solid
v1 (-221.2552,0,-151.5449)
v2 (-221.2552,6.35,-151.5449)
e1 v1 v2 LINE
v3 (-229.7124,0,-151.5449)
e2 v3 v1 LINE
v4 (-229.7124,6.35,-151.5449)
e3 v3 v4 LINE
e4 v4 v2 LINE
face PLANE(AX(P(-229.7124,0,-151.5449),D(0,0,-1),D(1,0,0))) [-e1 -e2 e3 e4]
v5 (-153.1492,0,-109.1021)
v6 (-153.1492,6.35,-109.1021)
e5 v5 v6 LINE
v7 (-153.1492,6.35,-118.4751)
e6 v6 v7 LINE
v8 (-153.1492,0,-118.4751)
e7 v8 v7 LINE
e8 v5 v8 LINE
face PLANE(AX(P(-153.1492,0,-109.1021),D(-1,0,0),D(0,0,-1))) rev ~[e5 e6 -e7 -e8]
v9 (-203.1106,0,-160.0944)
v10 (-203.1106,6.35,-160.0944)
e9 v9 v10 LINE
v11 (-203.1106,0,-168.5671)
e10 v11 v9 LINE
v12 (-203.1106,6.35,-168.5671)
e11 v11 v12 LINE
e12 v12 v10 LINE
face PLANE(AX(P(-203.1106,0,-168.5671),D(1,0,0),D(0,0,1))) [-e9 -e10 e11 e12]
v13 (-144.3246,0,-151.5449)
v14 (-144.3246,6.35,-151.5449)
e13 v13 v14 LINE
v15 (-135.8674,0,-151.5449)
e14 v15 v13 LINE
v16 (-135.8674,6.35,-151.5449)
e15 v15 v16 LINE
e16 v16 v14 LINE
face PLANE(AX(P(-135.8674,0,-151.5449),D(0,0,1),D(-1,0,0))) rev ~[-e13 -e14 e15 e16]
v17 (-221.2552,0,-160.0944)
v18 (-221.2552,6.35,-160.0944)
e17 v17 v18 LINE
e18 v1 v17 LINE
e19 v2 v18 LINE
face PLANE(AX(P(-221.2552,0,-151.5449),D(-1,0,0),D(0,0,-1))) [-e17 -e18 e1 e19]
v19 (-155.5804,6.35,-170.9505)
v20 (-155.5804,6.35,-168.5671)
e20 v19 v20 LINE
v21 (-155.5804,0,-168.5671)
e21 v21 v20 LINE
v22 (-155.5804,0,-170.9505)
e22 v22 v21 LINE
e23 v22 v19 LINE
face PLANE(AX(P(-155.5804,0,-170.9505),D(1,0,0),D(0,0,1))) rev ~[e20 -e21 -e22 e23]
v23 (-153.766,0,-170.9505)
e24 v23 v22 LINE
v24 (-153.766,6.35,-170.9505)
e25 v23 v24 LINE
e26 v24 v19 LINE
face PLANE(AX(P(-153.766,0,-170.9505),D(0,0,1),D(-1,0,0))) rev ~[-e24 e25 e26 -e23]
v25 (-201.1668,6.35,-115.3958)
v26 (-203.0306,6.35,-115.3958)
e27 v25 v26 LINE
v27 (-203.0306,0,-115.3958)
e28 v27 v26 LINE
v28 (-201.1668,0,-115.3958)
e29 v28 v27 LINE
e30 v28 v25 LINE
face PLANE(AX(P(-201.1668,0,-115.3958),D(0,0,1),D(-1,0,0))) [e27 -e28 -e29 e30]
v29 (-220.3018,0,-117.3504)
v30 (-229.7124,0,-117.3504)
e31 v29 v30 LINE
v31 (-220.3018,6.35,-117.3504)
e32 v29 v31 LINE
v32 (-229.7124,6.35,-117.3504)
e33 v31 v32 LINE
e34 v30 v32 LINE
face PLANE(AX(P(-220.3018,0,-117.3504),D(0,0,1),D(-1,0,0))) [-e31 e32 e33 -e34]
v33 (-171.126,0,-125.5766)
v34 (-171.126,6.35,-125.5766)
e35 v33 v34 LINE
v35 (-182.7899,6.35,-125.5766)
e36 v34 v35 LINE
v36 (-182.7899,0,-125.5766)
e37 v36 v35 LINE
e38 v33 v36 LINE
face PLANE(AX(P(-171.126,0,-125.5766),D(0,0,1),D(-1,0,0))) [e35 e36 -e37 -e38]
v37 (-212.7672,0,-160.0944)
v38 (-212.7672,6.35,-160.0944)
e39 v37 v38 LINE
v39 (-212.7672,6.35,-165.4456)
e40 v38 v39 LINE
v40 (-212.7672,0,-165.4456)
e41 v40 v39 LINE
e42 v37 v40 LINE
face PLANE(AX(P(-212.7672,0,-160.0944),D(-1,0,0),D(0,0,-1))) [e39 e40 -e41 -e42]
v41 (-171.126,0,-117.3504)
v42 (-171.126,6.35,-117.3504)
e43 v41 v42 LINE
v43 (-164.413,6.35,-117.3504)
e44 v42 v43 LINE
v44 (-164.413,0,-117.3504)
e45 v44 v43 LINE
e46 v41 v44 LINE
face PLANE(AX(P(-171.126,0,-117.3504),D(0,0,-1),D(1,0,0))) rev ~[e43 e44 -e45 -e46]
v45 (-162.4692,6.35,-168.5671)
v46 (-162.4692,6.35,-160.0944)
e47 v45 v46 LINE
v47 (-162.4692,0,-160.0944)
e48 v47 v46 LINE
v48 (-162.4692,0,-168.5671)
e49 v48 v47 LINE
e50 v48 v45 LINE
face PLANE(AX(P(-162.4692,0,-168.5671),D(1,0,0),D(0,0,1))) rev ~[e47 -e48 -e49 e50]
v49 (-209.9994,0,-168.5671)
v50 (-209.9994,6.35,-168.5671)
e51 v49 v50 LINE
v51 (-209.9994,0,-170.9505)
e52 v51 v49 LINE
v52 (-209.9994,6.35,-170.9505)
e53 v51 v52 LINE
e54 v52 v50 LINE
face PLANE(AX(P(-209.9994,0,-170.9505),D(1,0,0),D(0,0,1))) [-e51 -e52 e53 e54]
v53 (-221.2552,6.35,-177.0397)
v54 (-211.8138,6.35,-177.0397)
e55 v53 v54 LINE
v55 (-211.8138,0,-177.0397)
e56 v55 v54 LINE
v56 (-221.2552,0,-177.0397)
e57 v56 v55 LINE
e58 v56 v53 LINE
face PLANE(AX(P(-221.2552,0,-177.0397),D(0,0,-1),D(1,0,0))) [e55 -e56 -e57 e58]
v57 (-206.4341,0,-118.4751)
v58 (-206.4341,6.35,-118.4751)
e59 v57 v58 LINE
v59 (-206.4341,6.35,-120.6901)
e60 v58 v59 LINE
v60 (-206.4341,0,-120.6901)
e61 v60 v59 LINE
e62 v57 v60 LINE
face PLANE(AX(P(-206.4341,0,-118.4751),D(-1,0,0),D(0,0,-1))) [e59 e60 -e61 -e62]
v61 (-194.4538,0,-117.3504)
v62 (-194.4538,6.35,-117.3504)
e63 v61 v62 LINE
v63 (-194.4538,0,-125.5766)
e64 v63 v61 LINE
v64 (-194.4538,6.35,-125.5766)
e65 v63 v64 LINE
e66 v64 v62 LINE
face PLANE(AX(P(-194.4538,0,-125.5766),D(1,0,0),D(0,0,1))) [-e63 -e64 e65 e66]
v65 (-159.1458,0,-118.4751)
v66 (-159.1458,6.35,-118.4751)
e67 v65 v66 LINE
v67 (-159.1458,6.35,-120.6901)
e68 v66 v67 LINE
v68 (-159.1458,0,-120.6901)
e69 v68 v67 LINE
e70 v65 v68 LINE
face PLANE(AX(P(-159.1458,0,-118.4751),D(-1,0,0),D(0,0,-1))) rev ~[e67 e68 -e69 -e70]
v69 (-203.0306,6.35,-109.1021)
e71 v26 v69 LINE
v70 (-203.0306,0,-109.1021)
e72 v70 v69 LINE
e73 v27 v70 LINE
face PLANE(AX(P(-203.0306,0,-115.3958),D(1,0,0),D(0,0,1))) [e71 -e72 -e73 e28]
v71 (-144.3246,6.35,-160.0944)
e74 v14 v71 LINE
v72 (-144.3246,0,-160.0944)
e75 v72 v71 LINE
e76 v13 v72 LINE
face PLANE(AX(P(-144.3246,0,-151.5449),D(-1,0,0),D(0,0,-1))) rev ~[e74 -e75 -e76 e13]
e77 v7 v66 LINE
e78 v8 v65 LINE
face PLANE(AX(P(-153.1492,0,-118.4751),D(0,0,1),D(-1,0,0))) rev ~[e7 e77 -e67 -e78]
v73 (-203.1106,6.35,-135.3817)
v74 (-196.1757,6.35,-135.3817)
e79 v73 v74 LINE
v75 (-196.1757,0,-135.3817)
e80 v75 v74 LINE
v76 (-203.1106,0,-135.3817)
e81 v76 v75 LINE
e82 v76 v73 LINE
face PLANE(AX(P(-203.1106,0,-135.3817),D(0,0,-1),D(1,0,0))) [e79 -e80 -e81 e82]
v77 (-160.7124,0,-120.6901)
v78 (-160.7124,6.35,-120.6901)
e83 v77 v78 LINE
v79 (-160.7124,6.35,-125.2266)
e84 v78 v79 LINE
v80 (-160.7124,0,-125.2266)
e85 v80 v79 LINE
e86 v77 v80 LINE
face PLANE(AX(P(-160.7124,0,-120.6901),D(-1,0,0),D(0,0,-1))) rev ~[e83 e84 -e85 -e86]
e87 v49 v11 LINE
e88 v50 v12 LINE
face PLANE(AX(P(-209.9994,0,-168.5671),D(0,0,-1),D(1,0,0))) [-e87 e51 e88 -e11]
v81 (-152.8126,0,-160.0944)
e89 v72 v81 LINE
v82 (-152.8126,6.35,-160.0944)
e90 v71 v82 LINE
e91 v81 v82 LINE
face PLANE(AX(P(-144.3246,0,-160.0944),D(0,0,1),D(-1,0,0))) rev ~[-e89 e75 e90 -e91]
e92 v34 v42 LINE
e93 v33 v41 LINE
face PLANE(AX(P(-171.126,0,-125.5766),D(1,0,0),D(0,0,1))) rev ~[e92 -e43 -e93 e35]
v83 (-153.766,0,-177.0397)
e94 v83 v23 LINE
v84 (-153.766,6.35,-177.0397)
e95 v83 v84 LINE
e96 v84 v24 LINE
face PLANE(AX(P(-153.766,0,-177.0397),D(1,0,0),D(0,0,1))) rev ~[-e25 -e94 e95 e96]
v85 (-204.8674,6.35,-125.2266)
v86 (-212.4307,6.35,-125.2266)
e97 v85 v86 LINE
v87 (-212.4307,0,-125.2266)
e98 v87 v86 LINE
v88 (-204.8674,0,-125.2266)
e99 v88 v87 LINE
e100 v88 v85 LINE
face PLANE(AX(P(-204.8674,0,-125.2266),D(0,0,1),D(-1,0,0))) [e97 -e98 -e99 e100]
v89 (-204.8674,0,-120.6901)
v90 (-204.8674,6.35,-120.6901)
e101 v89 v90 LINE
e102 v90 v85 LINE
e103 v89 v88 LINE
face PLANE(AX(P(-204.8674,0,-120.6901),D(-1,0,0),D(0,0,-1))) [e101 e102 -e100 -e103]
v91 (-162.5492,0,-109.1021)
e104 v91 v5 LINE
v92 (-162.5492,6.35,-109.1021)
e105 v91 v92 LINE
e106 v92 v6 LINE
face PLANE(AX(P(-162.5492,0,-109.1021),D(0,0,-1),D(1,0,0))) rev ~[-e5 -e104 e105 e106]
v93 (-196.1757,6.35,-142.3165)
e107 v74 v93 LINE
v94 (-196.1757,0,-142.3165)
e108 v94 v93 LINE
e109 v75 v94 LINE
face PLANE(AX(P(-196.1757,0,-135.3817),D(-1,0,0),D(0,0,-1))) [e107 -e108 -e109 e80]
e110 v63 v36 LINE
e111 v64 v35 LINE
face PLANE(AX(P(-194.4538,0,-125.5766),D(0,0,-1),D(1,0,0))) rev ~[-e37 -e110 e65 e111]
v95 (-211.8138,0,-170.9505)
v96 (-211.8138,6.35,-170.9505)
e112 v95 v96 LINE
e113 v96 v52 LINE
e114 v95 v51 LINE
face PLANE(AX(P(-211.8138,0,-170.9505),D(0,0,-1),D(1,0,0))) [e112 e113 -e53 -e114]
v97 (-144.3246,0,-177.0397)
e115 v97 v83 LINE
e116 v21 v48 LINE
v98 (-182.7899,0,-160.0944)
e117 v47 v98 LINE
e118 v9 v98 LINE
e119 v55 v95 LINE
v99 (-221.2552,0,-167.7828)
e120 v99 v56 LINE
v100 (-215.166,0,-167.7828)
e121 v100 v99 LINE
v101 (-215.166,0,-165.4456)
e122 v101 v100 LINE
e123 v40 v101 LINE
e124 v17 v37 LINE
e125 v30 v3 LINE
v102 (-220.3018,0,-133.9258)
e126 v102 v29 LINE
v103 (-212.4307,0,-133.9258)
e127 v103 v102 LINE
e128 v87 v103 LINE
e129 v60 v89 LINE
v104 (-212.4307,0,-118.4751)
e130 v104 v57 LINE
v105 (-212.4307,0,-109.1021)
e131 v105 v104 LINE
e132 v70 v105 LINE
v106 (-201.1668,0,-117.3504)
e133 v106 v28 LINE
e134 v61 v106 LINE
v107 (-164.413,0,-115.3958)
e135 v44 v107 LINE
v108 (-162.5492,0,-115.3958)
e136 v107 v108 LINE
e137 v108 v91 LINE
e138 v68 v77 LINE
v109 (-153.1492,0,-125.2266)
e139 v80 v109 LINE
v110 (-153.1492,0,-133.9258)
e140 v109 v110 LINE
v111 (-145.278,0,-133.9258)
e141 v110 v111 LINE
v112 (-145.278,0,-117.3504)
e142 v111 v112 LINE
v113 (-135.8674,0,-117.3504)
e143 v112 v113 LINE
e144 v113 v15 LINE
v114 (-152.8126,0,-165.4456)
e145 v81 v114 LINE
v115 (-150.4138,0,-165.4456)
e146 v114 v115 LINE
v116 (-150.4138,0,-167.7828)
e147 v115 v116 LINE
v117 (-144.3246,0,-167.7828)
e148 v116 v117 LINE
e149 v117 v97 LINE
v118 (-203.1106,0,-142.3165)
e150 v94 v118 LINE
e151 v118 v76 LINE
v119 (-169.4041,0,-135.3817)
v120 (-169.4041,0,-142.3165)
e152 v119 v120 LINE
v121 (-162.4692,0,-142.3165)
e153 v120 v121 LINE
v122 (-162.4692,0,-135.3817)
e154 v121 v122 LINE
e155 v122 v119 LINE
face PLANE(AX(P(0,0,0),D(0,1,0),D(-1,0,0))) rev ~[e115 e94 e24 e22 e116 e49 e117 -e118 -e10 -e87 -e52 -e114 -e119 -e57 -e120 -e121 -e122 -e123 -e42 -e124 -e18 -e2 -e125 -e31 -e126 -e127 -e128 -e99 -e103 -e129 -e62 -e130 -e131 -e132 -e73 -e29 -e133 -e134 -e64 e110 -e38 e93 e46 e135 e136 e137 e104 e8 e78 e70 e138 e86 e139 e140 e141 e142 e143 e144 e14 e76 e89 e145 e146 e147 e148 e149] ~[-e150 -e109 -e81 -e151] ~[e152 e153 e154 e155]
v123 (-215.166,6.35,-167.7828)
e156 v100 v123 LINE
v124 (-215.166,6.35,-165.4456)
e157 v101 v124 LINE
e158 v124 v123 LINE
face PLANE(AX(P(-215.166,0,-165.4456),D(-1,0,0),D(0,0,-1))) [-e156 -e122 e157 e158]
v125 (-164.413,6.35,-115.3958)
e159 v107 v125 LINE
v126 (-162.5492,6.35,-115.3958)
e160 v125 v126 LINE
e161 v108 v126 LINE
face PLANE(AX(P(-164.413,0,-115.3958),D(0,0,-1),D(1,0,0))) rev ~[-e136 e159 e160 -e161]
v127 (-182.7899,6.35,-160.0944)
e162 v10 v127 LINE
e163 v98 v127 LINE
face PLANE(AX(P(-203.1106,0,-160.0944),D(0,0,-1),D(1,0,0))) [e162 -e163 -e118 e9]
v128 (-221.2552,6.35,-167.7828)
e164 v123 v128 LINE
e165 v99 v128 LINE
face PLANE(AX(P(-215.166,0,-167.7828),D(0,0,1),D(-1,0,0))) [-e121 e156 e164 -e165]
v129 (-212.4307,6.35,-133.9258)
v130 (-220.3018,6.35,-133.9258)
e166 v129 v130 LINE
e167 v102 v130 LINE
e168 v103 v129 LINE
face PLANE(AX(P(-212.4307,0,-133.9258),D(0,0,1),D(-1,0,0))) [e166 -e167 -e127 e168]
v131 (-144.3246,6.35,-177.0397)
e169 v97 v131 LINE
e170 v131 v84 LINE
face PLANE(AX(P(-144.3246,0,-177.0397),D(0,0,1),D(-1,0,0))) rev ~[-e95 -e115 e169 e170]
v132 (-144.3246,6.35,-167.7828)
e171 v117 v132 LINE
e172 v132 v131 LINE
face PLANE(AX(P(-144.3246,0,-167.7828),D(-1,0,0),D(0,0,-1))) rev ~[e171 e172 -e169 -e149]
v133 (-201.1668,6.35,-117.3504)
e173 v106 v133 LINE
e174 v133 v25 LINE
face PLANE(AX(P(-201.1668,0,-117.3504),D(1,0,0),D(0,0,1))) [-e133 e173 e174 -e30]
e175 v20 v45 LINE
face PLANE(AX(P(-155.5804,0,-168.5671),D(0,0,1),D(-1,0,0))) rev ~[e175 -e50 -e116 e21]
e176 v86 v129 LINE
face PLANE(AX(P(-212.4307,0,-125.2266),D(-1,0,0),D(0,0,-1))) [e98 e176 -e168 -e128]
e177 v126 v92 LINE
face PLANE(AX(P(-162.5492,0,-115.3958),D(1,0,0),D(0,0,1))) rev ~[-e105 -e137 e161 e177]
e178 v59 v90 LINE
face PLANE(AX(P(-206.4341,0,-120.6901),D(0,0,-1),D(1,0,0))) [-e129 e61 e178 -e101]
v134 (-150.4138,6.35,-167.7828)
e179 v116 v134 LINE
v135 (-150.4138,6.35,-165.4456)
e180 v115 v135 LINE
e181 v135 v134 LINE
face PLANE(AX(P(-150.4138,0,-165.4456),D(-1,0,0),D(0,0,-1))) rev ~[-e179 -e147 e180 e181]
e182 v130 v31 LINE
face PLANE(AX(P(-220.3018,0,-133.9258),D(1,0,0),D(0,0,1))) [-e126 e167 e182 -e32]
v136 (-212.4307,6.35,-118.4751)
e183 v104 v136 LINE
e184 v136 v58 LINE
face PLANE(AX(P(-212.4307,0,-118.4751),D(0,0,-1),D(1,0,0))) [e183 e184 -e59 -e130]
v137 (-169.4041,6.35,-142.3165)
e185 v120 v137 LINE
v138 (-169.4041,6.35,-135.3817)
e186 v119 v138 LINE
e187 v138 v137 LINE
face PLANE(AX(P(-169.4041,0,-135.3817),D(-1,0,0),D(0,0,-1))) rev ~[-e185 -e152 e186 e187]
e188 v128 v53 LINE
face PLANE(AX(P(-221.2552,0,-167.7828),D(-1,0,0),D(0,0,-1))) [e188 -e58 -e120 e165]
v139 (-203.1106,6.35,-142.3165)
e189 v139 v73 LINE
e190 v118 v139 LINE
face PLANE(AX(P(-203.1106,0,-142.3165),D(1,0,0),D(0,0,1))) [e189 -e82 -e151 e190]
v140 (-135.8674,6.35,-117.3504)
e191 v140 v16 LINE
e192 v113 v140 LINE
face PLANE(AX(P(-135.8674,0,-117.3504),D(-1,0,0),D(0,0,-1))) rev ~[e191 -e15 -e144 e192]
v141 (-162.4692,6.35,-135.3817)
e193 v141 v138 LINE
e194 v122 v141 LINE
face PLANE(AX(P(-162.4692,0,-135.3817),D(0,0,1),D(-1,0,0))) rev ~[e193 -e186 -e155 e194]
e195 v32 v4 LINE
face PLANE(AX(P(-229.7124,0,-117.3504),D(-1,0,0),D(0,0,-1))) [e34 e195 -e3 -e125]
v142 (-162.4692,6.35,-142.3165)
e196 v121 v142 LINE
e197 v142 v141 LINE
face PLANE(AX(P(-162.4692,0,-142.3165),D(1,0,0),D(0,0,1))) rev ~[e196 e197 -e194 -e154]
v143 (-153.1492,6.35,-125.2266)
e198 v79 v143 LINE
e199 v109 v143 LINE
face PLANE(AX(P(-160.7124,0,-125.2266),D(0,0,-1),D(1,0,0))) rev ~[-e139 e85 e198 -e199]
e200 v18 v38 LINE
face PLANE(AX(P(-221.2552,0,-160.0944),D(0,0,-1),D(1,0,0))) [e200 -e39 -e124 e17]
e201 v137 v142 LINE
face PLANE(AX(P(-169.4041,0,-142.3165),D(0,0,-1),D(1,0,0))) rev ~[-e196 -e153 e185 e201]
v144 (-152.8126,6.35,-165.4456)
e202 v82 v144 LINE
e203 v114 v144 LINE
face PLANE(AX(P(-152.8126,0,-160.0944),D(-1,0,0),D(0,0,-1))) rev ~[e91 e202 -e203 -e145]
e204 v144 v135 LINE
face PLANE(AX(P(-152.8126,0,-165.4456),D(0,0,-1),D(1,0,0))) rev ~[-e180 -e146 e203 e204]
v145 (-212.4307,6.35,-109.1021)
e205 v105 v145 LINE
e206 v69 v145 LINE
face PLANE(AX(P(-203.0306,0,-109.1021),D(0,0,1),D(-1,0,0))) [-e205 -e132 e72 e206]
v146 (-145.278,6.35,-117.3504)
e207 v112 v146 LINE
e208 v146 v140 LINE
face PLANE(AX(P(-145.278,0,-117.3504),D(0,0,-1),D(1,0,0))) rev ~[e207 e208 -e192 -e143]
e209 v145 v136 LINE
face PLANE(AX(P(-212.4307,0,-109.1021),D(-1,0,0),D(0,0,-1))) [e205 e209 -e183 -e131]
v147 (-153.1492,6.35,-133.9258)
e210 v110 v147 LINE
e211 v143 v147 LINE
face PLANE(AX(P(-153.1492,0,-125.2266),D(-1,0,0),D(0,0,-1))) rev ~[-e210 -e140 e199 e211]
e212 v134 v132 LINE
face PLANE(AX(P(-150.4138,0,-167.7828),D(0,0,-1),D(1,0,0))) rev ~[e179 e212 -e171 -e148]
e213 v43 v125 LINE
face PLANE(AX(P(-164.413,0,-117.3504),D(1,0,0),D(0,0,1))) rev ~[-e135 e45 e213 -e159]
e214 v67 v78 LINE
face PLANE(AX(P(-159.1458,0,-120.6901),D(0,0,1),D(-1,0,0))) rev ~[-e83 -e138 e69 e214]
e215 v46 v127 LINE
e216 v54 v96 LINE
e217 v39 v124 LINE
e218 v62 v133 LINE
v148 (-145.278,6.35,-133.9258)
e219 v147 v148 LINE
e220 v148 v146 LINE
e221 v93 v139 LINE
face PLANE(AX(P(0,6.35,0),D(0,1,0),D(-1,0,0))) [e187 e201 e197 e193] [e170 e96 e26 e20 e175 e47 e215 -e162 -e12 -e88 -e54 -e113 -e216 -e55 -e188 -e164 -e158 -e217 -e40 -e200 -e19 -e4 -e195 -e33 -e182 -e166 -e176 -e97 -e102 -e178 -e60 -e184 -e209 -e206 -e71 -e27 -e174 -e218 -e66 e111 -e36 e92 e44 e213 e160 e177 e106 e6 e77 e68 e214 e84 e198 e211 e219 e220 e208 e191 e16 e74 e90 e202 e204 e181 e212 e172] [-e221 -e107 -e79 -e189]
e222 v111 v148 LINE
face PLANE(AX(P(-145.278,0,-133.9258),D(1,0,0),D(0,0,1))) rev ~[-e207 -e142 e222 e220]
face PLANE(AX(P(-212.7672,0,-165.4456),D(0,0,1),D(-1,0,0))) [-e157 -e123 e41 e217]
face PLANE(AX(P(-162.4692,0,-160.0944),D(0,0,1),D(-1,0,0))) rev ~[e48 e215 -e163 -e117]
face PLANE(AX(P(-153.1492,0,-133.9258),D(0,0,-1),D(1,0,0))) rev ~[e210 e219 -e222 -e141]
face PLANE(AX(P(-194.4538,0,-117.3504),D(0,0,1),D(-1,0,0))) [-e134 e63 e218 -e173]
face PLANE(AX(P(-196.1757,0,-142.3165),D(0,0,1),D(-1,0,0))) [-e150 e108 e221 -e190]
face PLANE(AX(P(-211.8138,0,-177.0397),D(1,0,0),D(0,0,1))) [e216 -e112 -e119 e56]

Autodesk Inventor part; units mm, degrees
ref_plane "YZ Plane" through (0, 0, 0) normal (1, 0, 0) x (0, 1, 0)
ref_plane "XZ Plane" through (0, 0, 0) normal (0, 1, 0) x (-1, 0, 0)
ref_plane "XY Plane" through (0, 0, 0) normal (0, 0, 1) x (1, 0, 0)
sketch "Sketch1" plane through (0, 0, 0) normal (0, 1, 0) x (-1, 0, 0)
  line L0 (0, 0) -> (441.3397, 0) construction
  line L1 (441.3397, 0) -> (441.3397, -197.552) construction
  line L2 (441.3397, -197.552) -> (0, -197.552) construction
  line L3 (0, -197.552) -> (0, 0) construction
  line L4 (171.126, -125.5766) -> (171.126, -117.3504)
  line L5 (171.126, -117.3504) -> (164.413, -117.3504)
  line L6 (164.413, -117.3504) -> (164.413, -115.3958)
  line L7 (164.413, -115.3958) -> (162.5492, -115.3958)
  line L8 (162.5492, -115.3958) -> (162.5492, -109.1021)
  line L9 (162.5492, -109.1021) -> (153.1492, -109.1021)
  line L10 (153.1492, -109.1021) -> (153.1492, -118.4751)
  line L11 (153.1492, -118.4751) -> (159.1458, -118.4751)
  line L12 (159.1458, -118.4751) -> (159.1458, -120.6901)
  line L13 (159.1458, -120.6901) -> (160.7124, -120.6901)
  line L14 (160.7124, -120.6901) -> (160.7124, -125.2266)
  line L15 (160.7124, -125.2266) -> (153.1492, -125.2266)
  line L16 (153.1492, -125.2266) -> (153.1492, -133.9258)
  line L17 (153.1492, -133.9258) -> (145.278, -133.9258)
  line L18 (145.278, -133.9258) -> (145.278, -117.3504)
  line L19 (145.278, -117.3504) -> (135.8674, -117.3504)
  line L20 (135.8674, -117.3504) -> (135.8674, -151.5449)
  line L21 (135.8674, -151.5449) -> (144.3246, -151.5449)
  line L22 (144.3246, -151.5449) -> (144.3246, -160.0944)
  line L23 (144.3246, -160.0944) -> (152.8126, -160.0944)
  line L24 (152.8126, -160.0944) -> (152.8126, -165.4456)
  line L25 (152.8126, -165.4456) -> (150.4138, -165.4456)
  line L26 (150.4138, -165.4456) -> (150.4138, -167.7828)
  line L27 (150.4138, -167.7828) -> (144.3246, -167.7828)
  line L28 (144.3246, -167.7828) -> (144.3246, -177.0397)
  line L29 (144.3246, -177.0397) -> (153.766, -177.0397)
  line L30 (153.766, -177.0397) -> (153.766, -170.9505)
  line L31 (153.766, -170.9505) -> (155.5804, -170.9505)
  line L32 (155.5804, -170.9505) -> (155.5804, -168.5671)
  line L33 (155.5804, -168.5671) -> (162.4692, -168.5671)
  line L34 (162.4692, -168.5671) -> (162.4692, -160.0944)
  line L35 (162.4692, -135.3817) -> (169.4041, -135.3817)
  line L36 (169.4041, -135.3817) -> (169.4041, -142.3165)
  line L37 (169.4041, -142.3165) -> (162.4692, -142.3165)
  line L38 (162.4692, -142.3165) -> (162.4692, -135.3817)
  line L39 (162.4692, -160.0944) -> (182.7899, -160.0944)
  line L40 (171.126, -125.5766) -> (182.7899, -125.5766)
  line L41 (194.4538, -125.5766) -> (194.4538, -117.3504)
  line L42 (194.4538, -117.3504) -> (201.1668, -117.3504)
  line L43 (201.1668, -117.3504) -> (201.1668, -115.3958)
  line L44 (201.1668, -115.3958) -> (203.0306, -115.3958)
  line L45 (203.0306, -115.3958) -> (203.0306, -109.1021)
  line L46 (203.0306, -109.1021) -> (212.4307, -109.1021)
  line L47 (212.4307, -109.1021) -> (212.4307, -118.4751)
  line L48 (212.4307, -118.4751) -> (206.4341, -118.4751)
  line L49 (206.4341, -118.4751) -> (206.4341, -120.6901)
  line L50 (206.4341, -120.6901) -> (204.8674, -120.6901)
  line L51 (204.8674, -120.6901) -> (204.8674, -125.2266)
  line L52 (204.8674, -125.2266) -> (212.4307, -125.2266)
  line L53 (212.4307, -125.2266) -> (212.4307, -133.9258)
  line L54 (212.4307, -133.9258) -> (220.3018, -133.9258)
  line L55 (220.3018, -133.9258) -> (220.3018, -117.3504)
  line L56 (220.3018, -117.3504) -> (229.7124, -117.3504)
  line L57 (229.7124, -117.3504) -> (229.7124, -151.5449)
  line L58 (229.7124, -151.5449) -> (221.2552, -151.5449)
  line L59 (221.2552, -151.5449) -> (221.2552, -160.0944)
  line L60 (221.2552, -160.0944) -> (212.7672, -160.0944)
  line L61 (212.7672, -160.0944) -> (212.7672, -165.4456)
  line L62 (212.7672, -165.4456) -> (215.166, -165.4456)
  line L63 (215.166, -165.4456) -> (215.166, -167.7828)
  line L64 (215.166, -167.7828) -> (221.2552, -167.7828)
  line L65 (221.2552, -167.7828) -> (221.2552, -177.0397)
  line L66 (221.2552, -177.0397) -> (211.8138, -177.0397)
  line L67 (211.8138, -177.0397) -> (211.8138, -170.9505)
  line L68 (211.8138, -170.9505) -> (209.9994, -170.9505)
  line L69 (209.9994, -170.9505) -> (209.9994, -168.5671)
  line L70 (209.9994, -168.5671) -> (203.1106, -168.5671)
  line L71 (203.1106, -168.5671) -> (203.1106, -160.0944)
  line L72 (203.1106, -135.3817) -> (196.1757, -135.3817)
  line L73 (196.1757, -135.3817) -> (196.1757, -142.3165)
  line L74 (196.1757, -142.3165) -> (203.1106, -142.3165)
  line L75 (203.1106, -142.3165) -> (203.1106, -135.3817)
  line L76 (203.1106, -160.0944) -> (182.7899, -160.0944)
  line L77 (194.4538, -125.5766) -> (182.7899, -125.5766)
  dimension "d17" = 90
  dimension "d18" = 6.9349
  dimension "d21" = 6.9349
  dimension "d22" = 26.6019
extrude "Extrusion1" add sketch "Sketch1" along normal blind 6.35
equation "\"d21\" = d18"
properties part number "Monster3"
